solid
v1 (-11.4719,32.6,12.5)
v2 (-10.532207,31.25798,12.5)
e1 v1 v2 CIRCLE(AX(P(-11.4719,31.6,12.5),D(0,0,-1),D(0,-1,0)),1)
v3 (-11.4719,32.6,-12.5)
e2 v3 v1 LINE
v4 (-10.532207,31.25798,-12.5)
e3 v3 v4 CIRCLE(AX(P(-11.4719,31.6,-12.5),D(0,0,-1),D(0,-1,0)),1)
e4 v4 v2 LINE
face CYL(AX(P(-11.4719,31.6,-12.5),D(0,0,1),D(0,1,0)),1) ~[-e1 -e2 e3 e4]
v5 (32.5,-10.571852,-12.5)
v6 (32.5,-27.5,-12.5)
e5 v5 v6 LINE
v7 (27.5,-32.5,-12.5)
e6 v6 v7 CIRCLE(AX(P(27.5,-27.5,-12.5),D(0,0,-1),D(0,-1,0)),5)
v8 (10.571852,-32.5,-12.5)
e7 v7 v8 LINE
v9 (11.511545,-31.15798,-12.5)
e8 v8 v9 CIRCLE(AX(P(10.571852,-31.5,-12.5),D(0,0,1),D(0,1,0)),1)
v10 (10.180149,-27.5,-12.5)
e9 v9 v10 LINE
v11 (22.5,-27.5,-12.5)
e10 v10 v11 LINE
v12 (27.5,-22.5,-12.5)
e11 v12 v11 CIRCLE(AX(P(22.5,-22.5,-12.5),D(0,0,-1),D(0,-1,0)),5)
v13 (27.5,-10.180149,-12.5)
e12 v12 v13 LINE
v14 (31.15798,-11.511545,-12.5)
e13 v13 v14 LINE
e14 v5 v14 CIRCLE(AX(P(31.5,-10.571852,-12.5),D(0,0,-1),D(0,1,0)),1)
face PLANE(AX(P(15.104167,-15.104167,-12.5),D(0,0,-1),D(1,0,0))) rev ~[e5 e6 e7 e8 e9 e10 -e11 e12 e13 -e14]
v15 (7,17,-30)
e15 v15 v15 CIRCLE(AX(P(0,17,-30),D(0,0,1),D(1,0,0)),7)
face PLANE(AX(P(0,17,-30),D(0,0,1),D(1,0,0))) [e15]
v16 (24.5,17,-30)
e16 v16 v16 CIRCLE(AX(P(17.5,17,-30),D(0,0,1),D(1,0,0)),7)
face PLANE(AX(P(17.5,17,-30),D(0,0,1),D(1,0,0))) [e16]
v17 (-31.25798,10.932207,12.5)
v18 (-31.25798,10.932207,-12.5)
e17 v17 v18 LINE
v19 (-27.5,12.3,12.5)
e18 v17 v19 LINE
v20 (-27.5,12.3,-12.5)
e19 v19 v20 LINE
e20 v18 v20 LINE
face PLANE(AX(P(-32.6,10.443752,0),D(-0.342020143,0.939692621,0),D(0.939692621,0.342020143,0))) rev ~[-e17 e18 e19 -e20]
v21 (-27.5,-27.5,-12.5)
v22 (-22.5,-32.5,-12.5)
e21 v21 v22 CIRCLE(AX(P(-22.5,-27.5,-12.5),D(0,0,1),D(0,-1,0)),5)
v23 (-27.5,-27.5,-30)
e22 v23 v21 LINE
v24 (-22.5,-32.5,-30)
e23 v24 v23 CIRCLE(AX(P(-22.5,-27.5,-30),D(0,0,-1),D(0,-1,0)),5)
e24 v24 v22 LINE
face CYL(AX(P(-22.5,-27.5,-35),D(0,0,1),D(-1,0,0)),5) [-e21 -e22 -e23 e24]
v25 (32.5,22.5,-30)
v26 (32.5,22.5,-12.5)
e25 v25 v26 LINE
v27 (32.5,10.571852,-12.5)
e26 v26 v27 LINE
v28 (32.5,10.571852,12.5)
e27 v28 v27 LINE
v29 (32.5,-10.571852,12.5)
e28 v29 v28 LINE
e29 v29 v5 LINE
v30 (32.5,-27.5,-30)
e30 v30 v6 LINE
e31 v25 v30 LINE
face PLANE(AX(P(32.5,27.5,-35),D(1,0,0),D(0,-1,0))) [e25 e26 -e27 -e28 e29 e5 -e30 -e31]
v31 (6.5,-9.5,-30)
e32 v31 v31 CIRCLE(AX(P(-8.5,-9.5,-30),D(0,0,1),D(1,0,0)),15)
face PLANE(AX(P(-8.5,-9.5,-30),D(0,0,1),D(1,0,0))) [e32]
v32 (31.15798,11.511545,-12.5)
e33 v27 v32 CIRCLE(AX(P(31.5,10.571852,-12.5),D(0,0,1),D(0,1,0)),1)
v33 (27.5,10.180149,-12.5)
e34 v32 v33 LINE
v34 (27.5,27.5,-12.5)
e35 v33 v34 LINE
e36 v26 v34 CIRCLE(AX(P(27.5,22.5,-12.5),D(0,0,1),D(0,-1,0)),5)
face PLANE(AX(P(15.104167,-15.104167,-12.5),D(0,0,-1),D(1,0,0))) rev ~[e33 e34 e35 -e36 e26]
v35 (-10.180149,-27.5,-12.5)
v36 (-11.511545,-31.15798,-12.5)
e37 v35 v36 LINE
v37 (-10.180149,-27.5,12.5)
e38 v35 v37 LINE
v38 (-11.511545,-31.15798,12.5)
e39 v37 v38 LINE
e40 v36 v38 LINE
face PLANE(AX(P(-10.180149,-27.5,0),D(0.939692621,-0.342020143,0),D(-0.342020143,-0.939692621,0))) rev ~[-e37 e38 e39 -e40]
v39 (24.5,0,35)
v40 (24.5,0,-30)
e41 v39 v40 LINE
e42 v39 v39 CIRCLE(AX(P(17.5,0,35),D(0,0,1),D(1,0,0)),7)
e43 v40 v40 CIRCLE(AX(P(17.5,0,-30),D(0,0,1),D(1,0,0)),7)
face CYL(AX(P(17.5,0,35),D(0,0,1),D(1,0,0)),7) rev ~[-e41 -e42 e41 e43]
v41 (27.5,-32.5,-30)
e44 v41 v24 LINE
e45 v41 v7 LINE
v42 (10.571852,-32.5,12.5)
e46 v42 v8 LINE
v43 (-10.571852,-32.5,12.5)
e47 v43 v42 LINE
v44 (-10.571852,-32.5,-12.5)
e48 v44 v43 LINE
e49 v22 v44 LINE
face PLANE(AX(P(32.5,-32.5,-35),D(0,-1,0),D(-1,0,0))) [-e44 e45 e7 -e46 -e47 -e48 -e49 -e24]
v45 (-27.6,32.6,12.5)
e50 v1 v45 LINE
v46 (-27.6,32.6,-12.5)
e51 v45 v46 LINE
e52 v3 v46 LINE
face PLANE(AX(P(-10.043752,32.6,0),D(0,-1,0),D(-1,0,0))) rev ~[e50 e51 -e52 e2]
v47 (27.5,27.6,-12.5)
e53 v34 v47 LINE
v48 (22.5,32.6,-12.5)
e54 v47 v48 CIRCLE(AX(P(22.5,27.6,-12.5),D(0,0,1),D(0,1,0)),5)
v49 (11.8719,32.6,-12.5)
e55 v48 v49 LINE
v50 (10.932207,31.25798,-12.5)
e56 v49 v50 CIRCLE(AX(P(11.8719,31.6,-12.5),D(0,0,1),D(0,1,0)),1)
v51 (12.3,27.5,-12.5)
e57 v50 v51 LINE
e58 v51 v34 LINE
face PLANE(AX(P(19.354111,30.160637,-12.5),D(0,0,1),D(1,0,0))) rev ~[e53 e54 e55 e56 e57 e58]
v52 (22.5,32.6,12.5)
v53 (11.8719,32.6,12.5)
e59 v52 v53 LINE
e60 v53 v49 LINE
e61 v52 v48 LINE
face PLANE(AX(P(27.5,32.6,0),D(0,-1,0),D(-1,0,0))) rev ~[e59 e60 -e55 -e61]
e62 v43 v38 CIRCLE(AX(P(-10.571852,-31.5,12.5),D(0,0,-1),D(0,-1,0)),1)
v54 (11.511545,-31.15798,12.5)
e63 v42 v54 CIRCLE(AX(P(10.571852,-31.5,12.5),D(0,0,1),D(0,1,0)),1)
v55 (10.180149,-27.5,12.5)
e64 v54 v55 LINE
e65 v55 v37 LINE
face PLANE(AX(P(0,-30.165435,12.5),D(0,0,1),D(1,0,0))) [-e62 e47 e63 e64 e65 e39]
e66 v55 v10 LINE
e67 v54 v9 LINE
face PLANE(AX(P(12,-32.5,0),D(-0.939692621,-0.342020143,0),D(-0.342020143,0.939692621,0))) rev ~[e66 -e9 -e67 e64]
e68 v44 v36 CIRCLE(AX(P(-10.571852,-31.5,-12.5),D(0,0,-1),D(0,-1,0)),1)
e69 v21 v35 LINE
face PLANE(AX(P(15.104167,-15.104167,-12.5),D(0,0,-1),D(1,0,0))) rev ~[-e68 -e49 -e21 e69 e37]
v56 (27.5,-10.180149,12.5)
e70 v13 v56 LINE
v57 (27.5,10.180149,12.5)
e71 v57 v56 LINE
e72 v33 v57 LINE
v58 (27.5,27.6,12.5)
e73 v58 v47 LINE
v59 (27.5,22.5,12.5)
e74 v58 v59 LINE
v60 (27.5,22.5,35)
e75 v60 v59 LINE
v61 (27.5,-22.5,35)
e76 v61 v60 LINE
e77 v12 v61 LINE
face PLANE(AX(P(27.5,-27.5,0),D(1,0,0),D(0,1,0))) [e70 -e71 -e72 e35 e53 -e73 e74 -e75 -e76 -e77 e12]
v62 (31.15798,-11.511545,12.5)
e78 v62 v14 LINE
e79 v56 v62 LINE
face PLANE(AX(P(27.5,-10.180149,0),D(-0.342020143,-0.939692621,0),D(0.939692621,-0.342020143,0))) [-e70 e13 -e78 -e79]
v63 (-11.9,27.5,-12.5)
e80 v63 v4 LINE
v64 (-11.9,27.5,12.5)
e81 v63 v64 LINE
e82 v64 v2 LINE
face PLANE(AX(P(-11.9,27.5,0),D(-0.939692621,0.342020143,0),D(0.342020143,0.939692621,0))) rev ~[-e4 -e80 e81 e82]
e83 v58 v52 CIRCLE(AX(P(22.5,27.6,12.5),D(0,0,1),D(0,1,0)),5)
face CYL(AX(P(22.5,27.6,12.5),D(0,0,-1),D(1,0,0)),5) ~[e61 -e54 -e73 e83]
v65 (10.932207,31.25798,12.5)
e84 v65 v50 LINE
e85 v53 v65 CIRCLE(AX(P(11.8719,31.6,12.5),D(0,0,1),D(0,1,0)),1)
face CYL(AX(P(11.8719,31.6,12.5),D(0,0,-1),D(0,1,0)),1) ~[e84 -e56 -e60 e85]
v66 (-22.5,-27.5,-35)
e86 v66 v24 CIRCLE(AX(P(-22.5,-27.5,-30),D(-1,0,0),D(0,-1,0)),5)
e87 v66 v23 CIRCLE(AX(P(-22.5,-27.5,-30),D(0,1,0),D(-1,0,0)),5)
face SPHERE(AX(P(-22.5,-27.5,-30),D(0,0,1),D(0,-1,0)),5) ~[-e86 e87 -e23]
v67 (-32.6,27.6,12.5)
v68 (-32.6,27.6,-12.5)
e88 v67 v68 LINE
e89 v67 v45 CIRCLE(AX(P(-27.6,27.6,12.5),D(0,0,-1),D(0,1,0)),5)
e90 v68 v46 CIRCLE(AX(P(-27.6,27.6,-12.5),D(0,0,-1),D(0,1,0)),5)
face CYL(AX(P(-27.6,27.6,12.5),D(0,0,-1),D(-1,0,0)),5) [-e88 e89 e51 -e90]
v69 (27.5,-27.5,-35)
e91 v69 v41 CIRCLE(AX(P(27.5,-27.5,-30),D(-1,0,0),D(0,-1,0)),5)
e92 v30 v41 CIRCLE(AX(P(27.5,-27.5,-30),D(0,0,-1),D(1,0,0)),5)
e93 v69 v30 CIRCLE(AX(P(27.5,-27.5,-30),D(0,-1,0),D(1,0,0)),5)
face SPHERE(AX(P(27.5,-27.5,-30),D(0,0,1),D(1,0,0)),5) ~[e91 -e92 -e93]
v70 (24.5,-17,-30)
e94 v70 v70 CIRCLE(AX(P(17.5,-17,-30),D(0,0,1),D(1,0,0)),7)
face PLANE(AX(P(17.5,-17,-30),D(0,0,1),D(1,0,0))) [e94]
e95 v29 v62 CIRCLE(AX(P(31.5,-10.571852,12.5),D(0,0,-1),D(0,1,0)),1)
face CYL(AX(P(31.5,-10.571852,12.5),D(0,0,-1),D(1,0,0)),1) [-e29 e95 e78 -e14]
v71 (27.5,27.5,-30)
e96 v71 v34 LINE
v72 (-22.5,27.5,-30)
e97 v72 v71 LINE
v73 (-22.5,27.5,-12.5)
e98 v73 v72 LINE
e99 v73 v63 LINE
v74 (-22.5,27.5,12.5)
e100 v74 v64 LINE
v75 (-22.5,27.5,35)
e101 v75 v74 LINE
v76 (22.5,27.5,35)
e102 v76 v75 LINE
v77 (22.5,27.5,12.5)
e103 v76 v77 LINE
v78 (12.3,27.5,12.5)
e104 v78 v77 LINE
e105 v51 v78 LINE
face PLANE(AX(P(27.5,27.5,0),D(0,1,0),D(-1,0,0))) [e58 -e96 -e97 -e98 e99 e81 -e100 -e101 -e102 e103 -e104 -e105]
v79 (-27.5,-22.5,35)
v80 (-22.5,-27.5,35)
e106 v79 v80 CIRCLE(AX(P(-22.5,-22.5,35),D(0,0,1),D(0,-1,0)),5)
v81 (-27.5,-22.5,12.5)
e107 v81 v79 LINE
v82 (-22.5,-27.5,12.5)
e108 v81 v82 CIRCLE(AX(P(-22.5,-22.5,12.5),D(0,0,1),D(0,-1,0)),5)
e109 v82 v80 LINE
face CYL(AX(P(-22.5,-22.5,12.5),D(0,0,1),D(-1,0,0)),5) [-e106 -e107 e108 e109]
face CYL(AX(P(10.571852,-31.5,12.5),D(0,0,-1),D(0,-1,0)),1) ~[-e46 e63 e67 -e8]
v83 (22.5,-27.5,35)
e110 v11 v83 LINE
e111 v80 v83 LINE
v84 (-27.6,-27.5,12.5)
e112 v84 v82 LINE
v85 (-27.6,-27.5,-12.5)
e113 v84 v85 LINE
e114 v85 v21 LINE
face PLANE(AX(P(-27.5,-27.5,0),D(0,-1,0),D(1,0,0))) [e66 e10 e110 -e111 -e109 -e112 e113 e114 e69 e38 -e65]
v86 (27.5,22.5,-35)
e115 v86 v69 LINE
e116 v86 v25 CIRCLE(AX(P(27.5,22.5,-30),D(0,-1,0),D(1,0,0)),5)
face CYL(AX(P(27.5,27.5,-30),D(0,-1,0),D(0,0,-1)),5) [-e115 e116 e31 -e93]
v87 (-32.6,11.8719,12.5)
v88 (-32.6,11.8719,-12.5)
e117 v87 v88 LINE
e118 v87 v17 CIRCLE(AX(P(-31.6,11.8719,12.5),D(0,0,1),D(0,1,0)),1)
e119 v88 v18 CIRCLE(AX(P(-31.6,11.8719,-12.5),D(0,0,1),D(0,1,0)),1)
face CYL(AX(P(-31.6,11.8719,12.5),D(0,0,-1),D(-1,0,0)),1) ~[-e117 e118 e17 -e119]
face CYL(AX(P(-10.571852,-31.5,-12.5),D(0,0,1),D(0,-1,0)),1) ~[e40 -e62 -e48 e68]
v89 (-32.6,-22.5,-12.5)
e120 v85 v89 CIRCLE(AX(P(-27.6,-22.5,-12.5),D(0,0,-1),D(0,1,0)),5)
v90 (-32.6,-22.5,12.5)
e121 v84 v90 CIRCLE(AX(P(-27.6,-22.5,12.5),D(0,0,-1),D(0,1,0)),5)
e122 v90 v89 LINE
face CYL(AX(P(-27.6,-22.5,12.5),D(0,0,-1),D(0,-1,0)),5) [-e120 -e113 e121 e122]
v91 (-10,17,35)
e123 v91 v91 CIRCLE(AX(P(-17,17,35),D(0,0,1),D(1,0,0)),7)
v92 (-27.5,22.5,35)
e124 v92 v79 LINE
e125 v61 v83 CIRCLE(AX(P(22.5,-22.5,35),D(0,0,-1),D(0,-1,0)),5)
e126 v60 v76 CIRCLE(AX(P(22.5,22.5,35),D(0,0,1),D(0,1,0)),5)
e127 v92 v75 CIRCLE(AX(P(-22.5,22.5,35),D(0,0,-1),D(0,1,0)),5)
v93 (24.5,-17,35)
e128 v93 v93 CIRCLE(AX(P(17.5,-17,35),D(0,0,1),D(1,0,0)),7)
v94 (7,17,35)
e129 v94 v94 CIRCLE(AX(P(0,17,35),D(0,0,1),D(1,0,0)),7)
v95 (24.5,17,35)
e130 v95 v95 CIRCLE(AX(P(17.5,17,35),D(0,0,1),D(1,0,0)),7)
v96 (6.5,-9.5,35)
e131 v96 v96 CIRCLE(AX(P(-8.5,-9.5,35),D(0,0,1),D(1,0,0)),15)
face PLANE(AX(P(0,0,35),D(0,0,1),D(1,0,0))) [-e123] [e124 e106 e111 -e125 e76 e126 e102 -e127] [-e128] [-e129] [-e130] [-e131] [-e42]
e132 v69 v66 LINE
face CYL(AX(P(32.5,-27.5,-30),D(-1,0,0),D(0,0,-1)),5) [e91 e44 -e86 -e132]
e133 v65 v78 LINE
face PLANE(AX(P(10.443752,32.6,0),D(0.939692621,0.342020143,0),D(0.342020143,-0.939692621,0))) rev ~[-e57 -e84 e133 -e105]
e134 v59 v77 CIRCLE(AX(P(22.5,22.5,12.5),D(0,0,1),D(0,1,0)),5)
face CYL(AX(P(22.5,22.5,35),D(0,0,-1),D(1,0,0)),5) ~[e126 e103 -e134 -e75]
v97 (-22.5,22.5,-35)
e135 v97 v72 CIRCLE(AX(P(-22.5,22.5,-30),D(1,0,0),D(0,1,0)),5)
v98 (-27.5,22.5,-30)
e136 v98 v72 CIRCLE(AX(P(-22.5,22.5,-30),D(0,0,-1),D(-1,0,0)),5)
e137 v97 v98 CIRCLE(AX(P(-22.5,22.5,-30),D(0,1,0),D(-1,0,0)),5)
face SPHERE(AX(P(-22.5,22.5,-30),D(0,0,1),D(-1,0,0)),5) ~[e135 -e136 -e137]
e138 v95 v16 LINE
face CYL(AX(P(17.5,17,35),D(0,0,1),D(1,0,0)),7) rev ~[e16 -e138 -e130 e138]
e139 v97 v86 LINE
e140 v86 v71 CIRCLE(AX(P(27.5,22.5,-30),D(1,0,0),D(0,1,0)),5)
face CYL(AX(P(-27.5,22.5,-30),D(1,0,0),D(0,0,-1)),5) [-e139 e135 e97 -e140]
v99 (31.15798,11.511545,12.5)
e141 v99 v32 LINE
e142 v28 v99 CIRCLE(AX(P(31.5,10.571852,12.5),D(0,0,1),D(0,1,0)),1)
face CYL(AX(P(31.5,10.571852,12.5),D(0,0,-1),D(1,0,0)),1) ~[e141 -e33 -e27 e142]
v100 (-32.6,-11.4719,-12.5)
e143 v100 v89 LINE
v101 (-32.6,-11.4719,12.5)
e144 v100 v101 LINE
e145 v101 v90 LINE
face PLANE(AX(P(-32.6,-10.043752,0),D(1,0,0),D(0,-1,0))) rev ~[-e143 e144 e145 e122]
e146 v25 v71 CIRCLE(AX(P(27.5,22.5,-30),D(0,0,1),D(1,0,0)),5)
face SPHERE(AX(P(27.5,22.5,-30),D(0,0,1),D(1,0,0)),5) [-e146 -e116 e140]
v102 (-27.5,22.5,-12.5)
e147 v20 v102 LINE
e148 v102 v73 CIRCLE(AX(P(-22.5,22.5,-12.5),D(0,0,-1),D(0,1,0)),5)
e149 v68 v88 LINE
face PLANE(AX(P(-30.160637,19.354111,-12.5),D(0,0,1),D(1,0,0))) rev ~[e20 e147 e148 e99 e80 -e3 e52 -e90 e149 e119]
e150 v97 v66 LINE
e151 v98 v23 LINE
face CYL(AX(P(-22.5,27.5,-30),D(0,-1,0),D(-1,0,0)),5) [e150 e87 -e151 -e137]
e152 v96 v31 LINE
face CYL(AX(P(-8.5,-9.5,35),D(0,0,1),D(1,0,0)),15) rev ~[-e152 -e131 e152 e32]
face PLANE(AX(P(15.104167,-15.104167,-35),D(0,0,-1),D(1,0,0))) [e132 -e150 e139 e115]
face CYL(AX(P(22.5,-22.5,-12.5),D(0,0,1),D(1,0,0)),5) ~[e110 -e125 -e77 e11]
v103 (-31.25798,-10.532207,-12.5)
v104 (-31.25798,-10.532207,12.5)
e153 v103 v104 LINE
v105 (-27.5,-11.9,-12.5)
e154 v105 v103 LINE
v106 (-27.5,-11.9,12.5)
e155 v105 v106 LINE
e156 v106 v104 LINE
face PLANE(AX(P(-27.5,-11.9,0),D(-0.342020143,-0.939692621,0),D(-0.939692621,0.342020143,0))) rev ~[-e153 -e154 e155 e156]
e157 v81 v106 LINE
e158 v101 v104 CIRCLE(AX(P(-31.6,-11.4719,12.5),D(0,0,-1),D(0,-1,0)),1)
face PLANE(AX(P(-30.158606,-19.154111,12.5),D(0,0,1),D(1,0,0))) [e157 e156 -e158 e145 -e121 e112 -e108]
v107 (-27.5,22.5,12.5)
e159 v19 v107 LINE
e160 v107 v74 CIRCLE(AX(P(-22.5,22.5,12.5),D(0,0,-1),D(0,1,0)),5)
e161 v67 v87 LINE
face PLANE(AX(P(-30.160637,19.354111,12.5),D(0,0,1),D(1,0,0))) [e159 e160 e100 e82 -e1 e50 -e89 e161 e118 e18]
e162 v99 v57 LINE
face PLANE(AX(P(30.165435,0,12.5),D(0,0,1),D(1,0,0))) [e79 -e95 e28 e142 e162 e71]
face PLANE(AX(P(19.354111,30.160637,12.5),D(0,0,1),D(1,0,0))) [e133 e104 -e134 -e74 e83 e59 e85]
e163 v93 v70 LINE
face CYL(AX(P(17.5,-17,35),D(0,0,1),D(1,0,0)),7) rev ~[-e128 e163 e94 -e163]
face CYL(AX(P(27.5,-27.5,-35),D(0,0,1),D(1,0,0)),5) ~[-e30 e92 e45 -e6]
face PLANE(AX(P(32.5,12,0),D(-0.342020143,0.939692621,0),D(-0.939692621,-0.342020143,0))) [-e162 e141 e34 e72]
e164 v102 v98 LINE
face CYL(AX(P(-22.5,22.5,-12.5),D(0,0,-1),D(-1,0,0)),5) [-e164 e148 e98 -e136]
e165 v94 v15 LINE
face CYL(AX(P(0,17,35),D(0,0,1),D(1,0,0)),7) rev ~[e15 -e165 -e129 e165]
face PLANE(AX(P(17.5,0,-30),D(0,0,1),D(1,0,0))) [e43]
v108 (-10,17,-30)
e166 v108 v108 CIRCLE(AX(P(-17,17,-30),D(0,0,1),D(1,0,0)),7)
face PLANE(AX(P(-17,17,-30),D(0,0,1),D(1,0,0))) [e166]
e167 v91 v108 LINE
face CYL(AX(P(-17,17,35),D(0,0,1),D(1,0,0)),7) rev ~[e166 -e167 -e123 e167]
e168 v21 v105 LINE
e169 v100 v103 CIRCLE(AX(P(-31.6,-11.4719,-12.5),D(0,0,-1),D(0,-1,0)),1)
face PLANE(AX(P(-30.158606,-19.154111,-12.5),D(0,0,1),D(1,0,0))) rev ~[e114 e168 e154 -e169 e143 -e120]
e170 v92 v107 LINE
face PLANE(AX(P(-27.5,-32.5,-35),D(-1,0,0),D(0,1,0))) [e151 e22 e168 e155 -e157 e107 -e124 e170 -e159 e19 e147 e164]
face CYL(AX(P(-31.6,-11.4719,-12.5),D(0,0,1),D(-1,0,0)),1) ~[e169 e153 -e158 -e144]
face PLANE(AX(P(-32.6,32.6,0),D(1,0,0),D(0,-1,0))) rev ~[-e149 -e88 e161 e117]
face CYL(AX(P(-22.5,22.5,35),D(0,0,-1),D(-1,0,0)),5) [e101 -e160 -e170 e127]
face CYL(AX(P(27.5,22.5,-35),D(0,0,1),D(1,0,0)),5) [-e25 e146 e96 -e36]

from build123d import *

# Parameters (mm, degrees)
F1_DEPTH = 35
F0_W     = 5.1
F0_H     = 5.1
F2_DEPTH = 12.5
F4_DEPTH = 22.5
F5_R     = 5
F6_R     = 1
F7_R     = 7
F7_R_2   = 15
F8_DEPTH = 65


with BuildPart() as f1:
    # F0 (on Top) → F1 (new body, symmetric)
    with BuildSketch(Plane.XY):
        Polygon((-11.9, 27.5), (-27.5, 27.5), (-27.5, 12.3), (-27.5, -11.9), (-27.5, -27.5), (-10.1801488287, -27.5), (10.1801488287, -27.5), (27.5, -27.5), (27.5, -10.1801488287), (27.5, 10.1801488287), (27.5, 27.5), (12.3, 27.5), align=None)
    extrude(amount=F1_DEPTH, both=True)

    # F0 (on Top) → F2 (join, symmetric)
    with BuildSketch(Plane.XY):
        Polygon((-27.5, 12.3), (-27.5, 27.5), (-32.6, 27.5), (-32.6, 10.4437518052), align=None)
        Polygon((-27.5, -27.5), (-27.5, -11.9), (-32.6, -10.0437518052), (-32.6, -27.5), align=None)
        Polygon((-27.5, 32.6), (-27.5, 27.5), (-11.9, 27.5), (-10.0437518052, 32.6), align=None)
        Polygon((10.4437518052, 32.6), (12.3, 27.5), (27.5, 27.5), (27.5, 32.6), align=None)
        Polygon((10.1801488287, -27.5), (-10.1801488287, -27.5), (-12, -32.5), (12, -32.5), align=None)
        Polygon((32.5, 12), (27.5, 10.1801488287), (27.5, -10.1801488287), (32.5, -12), align=None)
        with Locations((-30.05, 30.05)):
            Rectangle(F0_W, F0_H)
    extrude(amount=F2_DEPTH, both=True)

    # F3 (on face) → F4 (join, through all)
    with BuildSketch(Plane(origin=(0, 0, -35), x_dir=(1, 0, 0), z_dir=(0, 0, -1))):
        Polygon((-27.5, 32.5), (-27.5, 27.5), (27.5, 27.5), (27.5, -27.5), (32.5, -27.5), (32.5, 32.5), align=None)
    extrude(amount=-F4_DEPTH)

    # F5
    f5_edges = [f1.edges().sort_by_distance(p)[0] for p in [
        (-32.6, 32.6, 0),
        (-27.5, 27.5, 23.75),
        (-27.5, 27.5, -23.75),
        (-32.6, -27.5, 0),
        (-27.5, -32.5, -23.75),
        (32.5, -32.5, -23.75),
        (27.5, -27.5, 11.25),
        (32.5, 27.5, -23.75),
        (27.5, 32.6, 0),
        (27.5, 27.5, 23.75),
        (32.5, -2.5, -35),
        (2.5, -32.5, -35),
        (-27.5, -2.5, -35),
        (2.5, 27.5, -35),
        (-27.5, -27.5, 23.75),
    ]]
    fillet(f5_edges, radius=F5_R)

    # F6
    f6_edges = [f1.edges().sort_by_distance(p)[0] for p in [
        (12, -32.5, 0),
        (-12, -32.5, 0),
        (32.5, -12, 0),
        (32.5, 12, 0),
        (10.443752, 32.6, 0),
        (-10.043752, 32.6, 0),
        (-32.6, 10.443752, 0),
        (-32.6, -10.043752, 0),
    ]]
    fillet(f6_edges, radius=F6_R)

    # F7 (on face) → F8 (cut)
    with BuildSketch(Plane.XY.offset(35)):
        with Locations((17.5, 17)):
            Circle(F7_R)
        with Locations((17.5, 0)):
            Circle(F7_R)
        with Locations((17.5, -17)):
            Circle(F7_R)
        with Locations((-17, 17)):
            Circle(F7_R)
        with Locations((0, 17)):
            Circle(F7_R)
        with Locations((-8.5, -9.5)):
            Circle(F7_R_2)
    extrude(amount=-F8_DEPTH, mode=Mode.SUBTRACT)


solid = f1.part
